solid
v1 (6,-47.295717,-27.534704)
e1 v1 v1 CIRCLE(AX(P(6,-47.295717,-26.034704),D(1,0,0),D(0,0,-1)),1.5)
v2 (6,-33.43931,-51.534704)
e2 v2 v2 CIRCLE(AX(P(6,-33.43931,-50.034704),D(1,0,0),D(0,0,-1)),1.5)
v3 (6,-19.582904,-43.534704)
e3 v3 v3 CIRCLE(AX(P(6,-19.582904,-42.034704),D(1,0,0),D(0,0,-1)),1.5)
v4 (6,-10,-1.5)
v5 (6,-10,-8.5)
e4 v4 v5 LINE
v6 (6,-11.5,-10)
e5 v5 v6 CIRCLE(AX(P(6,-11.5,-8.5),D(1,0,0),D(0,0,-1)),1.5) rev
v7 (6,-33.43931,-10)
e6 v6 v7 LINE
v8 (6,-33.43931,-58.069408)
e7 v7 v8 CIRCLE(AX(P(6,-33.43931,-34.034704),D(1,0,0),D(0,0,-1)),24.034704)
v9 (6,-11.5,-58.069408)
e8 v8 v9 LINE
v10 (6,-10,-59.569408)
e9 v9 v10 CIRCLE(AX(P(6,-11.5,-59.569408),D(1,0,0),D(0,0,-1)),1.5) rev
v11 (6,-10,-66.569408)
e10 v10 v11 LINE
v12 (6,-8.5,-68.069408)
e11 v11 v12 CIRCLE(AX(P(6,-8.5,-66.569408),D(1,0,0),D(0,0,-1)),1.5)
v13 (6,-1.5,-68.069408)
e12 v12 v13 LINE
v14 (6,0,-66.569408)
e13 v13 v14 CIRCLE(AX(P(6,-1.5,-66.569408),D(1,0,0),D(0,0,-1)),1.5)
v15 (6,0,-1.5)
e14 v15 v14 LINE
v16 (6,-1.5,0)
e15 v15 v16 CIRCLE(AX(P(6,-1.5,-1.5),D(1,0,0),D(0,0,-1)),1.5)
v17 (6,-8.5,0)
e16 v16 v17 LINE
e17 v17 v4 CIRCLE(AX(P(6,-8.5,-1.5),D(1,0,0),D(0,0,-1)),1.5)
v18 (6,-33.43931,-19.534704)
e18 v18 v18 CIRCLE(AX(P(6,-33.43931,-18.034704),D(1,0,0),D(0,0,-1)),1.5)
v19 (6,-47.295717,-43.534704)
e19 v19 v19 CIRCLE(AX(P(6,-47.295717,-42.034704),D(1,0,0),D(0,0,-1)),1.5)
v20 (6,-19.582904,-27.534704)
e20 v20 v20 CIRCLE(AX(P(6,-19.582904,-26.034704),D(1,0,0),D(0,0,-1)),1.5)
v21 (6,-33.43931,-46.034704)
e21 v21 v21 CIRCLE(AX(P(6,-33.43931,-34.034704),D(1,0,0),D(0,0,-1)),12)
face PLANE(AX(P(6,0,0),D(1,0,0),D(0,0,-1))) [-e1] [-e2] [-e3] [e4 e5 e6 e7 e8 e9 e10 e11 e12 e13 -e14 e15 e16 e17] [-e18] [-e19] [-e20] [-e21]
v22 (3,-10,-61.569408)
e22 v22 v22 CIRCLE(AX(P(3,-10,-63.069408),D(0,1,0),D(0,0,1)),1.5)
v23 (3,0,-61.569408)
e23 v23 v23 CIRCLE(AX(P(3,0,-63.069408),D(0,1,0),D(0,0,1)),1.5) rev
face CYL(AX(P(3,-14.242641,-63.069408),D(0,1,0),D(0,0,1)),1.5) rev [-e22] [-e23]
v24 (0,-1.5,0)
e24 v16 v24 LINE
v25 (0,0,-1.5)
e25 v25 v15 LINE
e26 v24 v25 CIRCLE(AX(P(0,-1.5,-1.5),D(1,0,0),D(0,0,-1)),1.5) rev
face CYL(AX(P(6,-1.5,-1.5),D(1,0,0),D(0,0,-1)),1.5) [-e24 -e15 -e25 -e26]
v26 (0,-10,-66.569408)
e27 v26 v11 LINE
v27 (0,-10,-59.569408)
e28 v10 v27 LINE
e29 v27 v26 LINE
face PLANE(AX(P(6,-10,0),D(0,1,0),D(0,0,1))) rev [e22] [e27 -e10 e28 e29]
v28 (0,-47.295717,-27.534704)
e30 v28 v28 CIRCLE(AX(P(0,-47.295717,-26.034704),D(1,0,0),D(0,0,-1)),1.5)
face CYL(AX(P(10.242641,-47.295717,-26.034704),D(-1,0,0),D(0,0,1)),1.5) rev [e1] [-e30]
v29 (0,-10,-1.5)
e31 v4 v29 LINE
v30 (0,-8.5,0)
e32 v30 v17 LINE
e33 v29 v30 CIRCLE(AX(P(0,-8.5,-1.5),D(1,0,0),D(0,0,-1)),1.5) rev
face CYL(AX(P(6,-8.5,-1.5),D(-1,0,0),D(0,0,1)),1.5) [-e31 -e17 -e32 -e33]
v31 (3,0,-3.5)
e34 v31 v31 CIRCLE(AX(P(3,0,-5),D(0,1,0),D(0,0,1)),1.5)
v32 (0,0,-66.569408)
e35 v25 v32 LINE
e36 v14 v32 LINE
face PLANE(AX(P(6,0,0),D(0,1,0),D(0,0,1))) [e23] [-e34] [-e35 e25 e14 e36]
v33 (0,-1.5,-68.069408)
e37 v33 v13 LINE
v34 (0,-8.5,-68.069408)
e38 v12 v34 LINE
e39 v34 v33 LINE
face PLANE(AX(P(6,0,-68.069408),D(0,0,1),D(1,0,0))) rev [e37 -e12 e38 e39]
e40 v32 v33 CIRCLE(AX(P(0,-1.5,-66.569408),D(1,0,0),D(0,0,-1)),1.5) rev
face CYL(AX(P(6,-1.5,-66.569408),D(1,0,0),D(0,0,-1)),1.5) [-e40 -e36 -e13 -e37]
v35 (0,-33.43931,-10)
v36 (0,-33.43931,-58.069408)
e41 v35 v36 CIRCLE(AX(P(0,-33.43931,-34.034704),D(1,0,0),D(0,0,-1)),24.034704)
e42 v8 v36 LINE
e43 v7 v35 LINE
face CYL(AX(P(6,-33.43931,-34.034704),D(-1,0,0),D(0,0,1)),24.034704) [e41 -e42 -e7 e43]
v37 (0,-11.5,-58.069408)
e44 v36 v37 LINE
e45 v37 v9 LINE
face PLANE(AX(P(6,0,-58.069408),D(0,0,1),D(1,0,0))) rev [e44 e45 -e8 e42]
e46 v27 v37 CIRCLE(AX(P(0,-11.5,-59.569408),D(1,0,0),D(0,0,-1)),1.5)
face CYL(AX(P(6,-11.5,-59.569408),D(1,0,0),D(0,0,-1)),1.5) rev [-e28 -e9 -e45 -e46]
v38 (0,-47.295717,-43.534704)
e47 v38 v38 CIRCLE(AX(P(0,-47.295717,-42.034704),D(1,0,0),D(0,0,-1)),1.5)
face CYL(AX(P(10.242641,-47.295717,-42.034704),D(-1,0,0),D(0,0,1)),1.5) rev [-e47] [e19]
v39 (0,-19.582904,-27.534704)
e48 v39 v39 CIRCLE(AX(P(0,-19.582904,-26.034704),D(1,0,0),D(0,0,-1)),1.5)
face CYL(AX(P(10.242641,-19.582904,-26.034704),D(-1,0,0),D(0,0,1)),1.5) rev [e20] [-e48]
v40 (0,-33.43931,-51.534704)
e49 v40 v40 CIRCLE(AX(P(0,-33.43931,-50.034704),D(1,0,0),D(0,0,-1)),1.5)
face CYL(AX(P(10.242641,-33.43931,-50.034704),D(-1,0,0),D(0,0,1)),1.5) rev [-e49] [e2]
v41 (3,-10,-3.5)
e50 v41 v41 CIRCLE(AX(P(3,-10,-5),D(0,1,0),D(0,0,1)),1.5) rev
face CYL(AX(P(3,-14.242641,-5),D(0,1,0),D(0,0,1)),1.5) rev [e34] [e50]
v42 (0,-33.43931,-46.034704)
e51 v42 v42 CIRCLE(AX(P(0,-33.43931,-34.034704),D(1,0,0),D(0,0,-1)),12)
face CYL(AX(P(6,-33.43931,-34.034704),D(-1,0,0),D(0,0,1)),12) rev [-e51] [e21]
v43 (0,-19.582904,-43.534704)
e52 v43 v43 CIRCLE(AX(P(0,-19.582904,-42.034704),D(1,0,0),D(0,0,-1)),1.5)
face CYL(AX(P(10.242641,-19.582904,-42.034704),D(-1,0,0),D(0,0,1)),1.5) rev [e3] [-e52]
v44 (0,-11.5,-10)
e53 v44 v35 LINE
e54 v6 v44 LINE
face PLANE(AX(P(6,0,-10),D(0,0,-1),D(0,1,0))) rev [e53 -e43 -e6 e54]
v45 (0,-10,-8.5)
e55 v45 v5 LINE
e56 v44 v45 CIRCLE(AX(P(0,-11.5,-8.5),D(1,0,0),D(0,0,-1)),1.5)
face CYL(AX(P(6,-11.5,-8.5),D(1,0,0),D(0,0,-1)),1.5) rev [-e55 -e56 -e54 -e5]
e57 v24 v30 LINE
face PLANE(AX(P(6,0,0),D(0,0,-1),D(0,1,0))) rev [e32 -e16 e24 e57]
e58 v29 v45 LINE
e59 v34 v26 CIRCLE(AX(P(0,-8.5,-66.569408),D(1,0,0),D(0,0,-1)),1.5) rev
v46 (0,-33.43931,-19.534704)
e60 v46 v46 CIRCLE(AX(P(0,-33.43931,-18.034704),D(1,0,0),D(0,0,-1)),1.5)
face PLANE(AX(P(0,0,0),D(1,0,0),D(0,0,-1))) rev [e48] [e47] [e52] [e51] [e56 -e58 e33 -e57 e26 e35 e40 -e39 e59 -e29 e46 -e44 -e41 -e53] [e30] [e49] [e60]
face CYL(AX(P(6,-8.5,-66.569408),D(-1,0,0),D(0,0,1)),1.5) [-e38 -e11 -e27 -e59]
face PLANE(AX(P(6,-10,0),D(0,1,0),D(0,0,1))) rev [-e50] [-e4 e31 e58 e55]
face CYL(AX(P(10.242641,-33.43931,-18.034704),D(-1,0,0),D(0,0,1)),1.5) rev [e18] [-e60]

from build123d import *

# Parameters (mm, degrees)
SKETCH1_R           = 12
BOSS_EXTRUDE1_DEPTH = 6
CUT_EXTRUDE1_REACH  = 91.29
SKETCH2_R           = 1.5
CUT_EXTRUDE2_REACH  = 91.29
SKETCH3_R           = 1.5
FILLET1_R           = 1.5


with BuildPart() as part:
    # Sketch1 → Boss-Extrude1 (new body)
    with BuildSketch(Plane(origin=(0, 0, 0), x_dir=(0, 0, -1), z_dir=(1, 0, 0))):
        with BuildLine():
            Line((68.0694084, 0), (0, 0))
            Line((0, 0), (0, -10))
            Line((0, -10), (10, -10))
            Line((10, -10), (10, -33.439310345))
            ThreePointArc((10, -33.439310345), (34.0347042, -57.474014545), (58.0694084, -33.439310345))
            Line((58.0694084, -33.439310345), (58.0694084, -10))
            Line((58.0694084, -10), (68.0694084, -10))
            Line((68.0694084, -10), (68.0694084, 0))
        make_face()
        with Locations((34.0347042, -33.439310345)):
            Circle(SKETCH1_R, mode=Mode.SUBTRACT)
    extrude(amount=BOSS_EXTRUDE1_DEPTH)

    # Sketch2 → Cut-Extrude1 (cut, up to next)
    with BuildSketch(Plane(origin=(0, 0, 0), x_dir=(1, 0, 0), z_dir=(0, 1, 0)), mode=Mode.PRIVATE) as cut_extrude1_sk1:
        with Locations(Location((3, 63.0694084, 0), (0, 0, 270))):
            Circle(SKETCH2_R)
    cut_extrude1_tool1 = extrude(cut_extrude1_sk1.sketch, amount=-CUT_EXTRUDE1_REACH, mode=Mode.PRIVATE) & part.part
    # Sketch2 → Cut-Extrude1 (cut, up to next)
    with BuildSketch(Plane(origin=(0, 0, 0), x_dir=(1, 0, 0), z_dir=(0, 1, 0)), mode=Mode.PRIVATE) as cut_extrude1_sk2:
        with BuildLine():
            ThreePointArc((3.771743633, 6.286239389), (1.713760611, 5.771743633), (2.228256367, 3.713760611))
            Line((2.228256367, 3.713760611), (3.771743633, 6.286239389))
        make_face()
    cut_extrude1_tool2 = extrude(cut_extrude1_sk2.sketch, amount=-CUT_EXTRUDE1_REACH, mode=Mode.PRIVATE) & part.part
    # Sketch2 → Cut-Extrude1 (cut, up to next)
    with BuildSketch(Plane(origin=(0, 0, 0), x_dir=(1, 0, 0), z_dir=(0, 1, 0)), mode=Mode.PRIVATE) as cut_extrude1_sk3:
        with BuildLine():
            Line((3.771743633, 6.286239389), (2.228256367, 3.713760611))
            ThreePointArc((2.228256367, 3.713760611), (3.739048222, 3.69470014), (4.5, 5))
            ThreePointArc((4.5, 5), (4.30529986, 5.739048222), (3.771743633, 6.286239389))
        make_face()
    cut_extrude1_tool3 = extrude(cut_extrude1_sk3.sketch, amount=-CUT_EXTRUDE1_REACH, mode=Mode.PRIVATE) & part.part
    # Sketch2 → Cut-Extrude1 (cut, up to next)
    with BuildSketch(Plane(origin=(0, 0, 0), x_dir=(1, 0, 0), z_dir=(0, 1, 0)), mode=Mode.PRIVATE) as cut_extrude1_sk4:
        with BuildLine():
            ThreePointArc((3.771743633, 6.286239389), (1.713760611, 5.771743633), (2.228256367, 3.713760611))
            Line((2.228256367, 3.713760611), (3.771743633, 6.286239389))
        make_face()
    cut_extrude1_tool4 = extrude(cut_extrude1_sk4.sketch, amount=-CUT_EXTRUDE1_REACH, mode=Mode.PRIVATE) & part.part
    # Sketch2 → Cut-Extrude1 (cut, up to next)
    with BuildSketch(Plane(origin=(0, 0, 0), x_dir=(1, 0, 0), z_dir=(0, 1, 0)), mode=Mode.PRIVATE) as cut_extrude1_sk5:
        with BuildLine():
            Line((3.771743633, 6.286239389), (2.228256367, 3.713760611))
            ThreePointArc((2.228256367, 3.713760611), (3.739048222, 3.69470014), (4.5, 5))
            ThreePointArc((4.5, 5), (4.30529986, 5.739048222), (3.771743633, 6.286239389))
        make_face()
    cut_extrude1_tool5 = extrude(cut_extrude1_sk5.sketch, amount=-CUT_EXTRUDE1_REACH, mode=Mode.PRIVATE) & part.part
    add(cut_extrude1_tool1.solids().sort_by_distance((3, 0, -63.069408))[0], mode=Mode.SUBTRACT)
    add(cut_extrude1_tool2.solids().sort_by_distance((2.454103, 0, -5.327538))[0], mode=Mode.SUBTRACT)
    add(cut_extrude1_tool3.solids().sort_by_distance((3.545897, 0, -4.672462))[0], mode=Mode.SUBTRACT)
    add(cut_extrude1_tool4.solids().sort_by_distance((2.454103, 0, -5.327538))[0], mode=Mode.SUBTRACT)
    add(cut_extrude1_tool5.solids().sort_by_distance((3.545897, 0, -4.672462))[0], mode=Mode.SUBTRACT)

    # Sketch3 → Cut-Extrude2 (cut, up to next)
    with BuildSketch(Plane(origin=(0, 0, 0), x_dir=(0, 0, -1), z_dir=(1, 0, 0)), mode=Mode.PRIVATE) as cut_extrude2_sk1:
        with Locations((42.0347042, -47.295716805)):
            Circle(SKETCH3_R)
    cut_extrude2_tool1 = extrude(cut_extrude2_sk1.sketch, amount=CUT_EXTRUDE2_REACH, mode=Mode.PRIVATE) & part.part
    # Sketch3 → Cut-Extrude2 (cut, up to next)
    with BuildSketch(Plane(origin=(0, 0, 0), x_dir=(0, 0, -1), z_dir=(1, 0, 0)), mode=Mode.PRIVATE) as cut_extrude2_sk2:
        with Locations((50.0347042, -33.439310345)):
            Circle(SKETCH3_R)
    cut_extrude2_tool2 = extrude(cut_extrude2_sk2.sketch, amount=CUT_EXTRUDE2_REACH, mode=Mode.PRIVATE) & part.part
    # Sketch3 → Cut-Extrude2 (cut, up to next)
    with BuildSketch(Plane(origin=(0, 0, 0), x_dir=(0, 0, -1), z_dir=(1, 0, 0)), mode=Mode.PRIVATE) as cut_extrude2_sk3:
        with Locations((26.0347042, -19.582903884)):
            Circle(SKETCH3_R)
    cut_extrude2_tool3 = extrude(cut_extrude2_sk3.sketch, amount=CUT_EXTRUDE2_REACH, mode=Mode.PRIVATE) & part.part
    # Sketch3 → Cut-Extrude2 (cut, up to next)
    with BuildSketch(Plane(origin=(0, 0, 0), x_dir=(0, 0, -1), z_dir=(1, 0, 0)), mode=Mode.PRIVATE) as cut_extrude2_sk4:
        with Locations((18.0347042, -33.439310345)):
            Circle(SKETCH3_R)
    cut_extrude2_tool4 = extrude(cut_extrude2_sk4.sketch, amount=CUT_EXTRUDE2_REACH, mode=Mode.PRIVATE) & part.part
    # Sketch3 → Cut-Extrude2 (cut, up to next)
    with BuildSketch(Plane(origin=(0, 0, 0), x_dir=(0, 0, -1), z_dir=(1, 0, 0)), mode=Mode.PRIVATE) as cut_extrude2_sk5:
        with Locations((42.0347042, -19.582903884)):
            Circle(SKETCH3_R)
    cut_extrude2_tool5 = extrude(cut_extrude2_sk5.sketch, amount=CUT_EXTRUDE2_REACH, mode=Mode.PRIVATE) & part.part
    # Sketch3 → Cut-Extrude2 (cut, up to next)
    with BuildSketch(Plane(origin=(0, 0, 0), x_dir=(0, 0, -1), z_dir=(1, 0, 0)), mode=Mode.PRIVATE) as cut_extrude2_sk6:
        with Locations((26.0347042, -47.295716805)):
            Circle(SKETCH3_R)
    cut_extrude2_tool6 = extrude(cut_extrude2_sk6.sketch, amount=CUT_EXTRUDE2_REACH, mode=Mode.PRIVATE) & part.part
    add(cut_extrude2_tool1.solids().sort_by_distance((0, -47.295717, -42.034704))[0], mode=Mode.SUBTRACT)
    add(cut_extrude2_tool2.solids().sort_by_distance((0, -33.43931, -50.034704))[0], mode=Mode.SUBTRACT)
    add(cut_extrude2_tool3.solids().sort_by_distance((0, -19.582904, -26.034704))[0], mode=Mode.SUBTRACT)
    add(cut_extrude2_tool4.solids().sort_by_distance((0, -33.43931, -18.034704))[0], mode=Mode.SUBTRACT)
    add(cut_extrude2_tool5.solids().sort_by_distance((0, -19.582904, -42.034704))[0], mode=Mode.SUBTRACT)
    add(cut_extrude2_tool6.solids().sort_by_distance((0, -47.295717, -26.034704))[0], mode=Mode.SUBTRACT)

    # Fillet1
    fillet1_edges = [part.edges().sort_by_distance(p)[0] for p in [
        (3, 0, -68.0694084),
        (3, 0, 0),
        (3, -10, -68.0694084),
        (3, -10, 0),
        (3, -10, -58.0694084),
        (3, -10, -10),
    ]]
    fillet(fillet1_edges, radius=FILLET1_R)


solid = part.part
